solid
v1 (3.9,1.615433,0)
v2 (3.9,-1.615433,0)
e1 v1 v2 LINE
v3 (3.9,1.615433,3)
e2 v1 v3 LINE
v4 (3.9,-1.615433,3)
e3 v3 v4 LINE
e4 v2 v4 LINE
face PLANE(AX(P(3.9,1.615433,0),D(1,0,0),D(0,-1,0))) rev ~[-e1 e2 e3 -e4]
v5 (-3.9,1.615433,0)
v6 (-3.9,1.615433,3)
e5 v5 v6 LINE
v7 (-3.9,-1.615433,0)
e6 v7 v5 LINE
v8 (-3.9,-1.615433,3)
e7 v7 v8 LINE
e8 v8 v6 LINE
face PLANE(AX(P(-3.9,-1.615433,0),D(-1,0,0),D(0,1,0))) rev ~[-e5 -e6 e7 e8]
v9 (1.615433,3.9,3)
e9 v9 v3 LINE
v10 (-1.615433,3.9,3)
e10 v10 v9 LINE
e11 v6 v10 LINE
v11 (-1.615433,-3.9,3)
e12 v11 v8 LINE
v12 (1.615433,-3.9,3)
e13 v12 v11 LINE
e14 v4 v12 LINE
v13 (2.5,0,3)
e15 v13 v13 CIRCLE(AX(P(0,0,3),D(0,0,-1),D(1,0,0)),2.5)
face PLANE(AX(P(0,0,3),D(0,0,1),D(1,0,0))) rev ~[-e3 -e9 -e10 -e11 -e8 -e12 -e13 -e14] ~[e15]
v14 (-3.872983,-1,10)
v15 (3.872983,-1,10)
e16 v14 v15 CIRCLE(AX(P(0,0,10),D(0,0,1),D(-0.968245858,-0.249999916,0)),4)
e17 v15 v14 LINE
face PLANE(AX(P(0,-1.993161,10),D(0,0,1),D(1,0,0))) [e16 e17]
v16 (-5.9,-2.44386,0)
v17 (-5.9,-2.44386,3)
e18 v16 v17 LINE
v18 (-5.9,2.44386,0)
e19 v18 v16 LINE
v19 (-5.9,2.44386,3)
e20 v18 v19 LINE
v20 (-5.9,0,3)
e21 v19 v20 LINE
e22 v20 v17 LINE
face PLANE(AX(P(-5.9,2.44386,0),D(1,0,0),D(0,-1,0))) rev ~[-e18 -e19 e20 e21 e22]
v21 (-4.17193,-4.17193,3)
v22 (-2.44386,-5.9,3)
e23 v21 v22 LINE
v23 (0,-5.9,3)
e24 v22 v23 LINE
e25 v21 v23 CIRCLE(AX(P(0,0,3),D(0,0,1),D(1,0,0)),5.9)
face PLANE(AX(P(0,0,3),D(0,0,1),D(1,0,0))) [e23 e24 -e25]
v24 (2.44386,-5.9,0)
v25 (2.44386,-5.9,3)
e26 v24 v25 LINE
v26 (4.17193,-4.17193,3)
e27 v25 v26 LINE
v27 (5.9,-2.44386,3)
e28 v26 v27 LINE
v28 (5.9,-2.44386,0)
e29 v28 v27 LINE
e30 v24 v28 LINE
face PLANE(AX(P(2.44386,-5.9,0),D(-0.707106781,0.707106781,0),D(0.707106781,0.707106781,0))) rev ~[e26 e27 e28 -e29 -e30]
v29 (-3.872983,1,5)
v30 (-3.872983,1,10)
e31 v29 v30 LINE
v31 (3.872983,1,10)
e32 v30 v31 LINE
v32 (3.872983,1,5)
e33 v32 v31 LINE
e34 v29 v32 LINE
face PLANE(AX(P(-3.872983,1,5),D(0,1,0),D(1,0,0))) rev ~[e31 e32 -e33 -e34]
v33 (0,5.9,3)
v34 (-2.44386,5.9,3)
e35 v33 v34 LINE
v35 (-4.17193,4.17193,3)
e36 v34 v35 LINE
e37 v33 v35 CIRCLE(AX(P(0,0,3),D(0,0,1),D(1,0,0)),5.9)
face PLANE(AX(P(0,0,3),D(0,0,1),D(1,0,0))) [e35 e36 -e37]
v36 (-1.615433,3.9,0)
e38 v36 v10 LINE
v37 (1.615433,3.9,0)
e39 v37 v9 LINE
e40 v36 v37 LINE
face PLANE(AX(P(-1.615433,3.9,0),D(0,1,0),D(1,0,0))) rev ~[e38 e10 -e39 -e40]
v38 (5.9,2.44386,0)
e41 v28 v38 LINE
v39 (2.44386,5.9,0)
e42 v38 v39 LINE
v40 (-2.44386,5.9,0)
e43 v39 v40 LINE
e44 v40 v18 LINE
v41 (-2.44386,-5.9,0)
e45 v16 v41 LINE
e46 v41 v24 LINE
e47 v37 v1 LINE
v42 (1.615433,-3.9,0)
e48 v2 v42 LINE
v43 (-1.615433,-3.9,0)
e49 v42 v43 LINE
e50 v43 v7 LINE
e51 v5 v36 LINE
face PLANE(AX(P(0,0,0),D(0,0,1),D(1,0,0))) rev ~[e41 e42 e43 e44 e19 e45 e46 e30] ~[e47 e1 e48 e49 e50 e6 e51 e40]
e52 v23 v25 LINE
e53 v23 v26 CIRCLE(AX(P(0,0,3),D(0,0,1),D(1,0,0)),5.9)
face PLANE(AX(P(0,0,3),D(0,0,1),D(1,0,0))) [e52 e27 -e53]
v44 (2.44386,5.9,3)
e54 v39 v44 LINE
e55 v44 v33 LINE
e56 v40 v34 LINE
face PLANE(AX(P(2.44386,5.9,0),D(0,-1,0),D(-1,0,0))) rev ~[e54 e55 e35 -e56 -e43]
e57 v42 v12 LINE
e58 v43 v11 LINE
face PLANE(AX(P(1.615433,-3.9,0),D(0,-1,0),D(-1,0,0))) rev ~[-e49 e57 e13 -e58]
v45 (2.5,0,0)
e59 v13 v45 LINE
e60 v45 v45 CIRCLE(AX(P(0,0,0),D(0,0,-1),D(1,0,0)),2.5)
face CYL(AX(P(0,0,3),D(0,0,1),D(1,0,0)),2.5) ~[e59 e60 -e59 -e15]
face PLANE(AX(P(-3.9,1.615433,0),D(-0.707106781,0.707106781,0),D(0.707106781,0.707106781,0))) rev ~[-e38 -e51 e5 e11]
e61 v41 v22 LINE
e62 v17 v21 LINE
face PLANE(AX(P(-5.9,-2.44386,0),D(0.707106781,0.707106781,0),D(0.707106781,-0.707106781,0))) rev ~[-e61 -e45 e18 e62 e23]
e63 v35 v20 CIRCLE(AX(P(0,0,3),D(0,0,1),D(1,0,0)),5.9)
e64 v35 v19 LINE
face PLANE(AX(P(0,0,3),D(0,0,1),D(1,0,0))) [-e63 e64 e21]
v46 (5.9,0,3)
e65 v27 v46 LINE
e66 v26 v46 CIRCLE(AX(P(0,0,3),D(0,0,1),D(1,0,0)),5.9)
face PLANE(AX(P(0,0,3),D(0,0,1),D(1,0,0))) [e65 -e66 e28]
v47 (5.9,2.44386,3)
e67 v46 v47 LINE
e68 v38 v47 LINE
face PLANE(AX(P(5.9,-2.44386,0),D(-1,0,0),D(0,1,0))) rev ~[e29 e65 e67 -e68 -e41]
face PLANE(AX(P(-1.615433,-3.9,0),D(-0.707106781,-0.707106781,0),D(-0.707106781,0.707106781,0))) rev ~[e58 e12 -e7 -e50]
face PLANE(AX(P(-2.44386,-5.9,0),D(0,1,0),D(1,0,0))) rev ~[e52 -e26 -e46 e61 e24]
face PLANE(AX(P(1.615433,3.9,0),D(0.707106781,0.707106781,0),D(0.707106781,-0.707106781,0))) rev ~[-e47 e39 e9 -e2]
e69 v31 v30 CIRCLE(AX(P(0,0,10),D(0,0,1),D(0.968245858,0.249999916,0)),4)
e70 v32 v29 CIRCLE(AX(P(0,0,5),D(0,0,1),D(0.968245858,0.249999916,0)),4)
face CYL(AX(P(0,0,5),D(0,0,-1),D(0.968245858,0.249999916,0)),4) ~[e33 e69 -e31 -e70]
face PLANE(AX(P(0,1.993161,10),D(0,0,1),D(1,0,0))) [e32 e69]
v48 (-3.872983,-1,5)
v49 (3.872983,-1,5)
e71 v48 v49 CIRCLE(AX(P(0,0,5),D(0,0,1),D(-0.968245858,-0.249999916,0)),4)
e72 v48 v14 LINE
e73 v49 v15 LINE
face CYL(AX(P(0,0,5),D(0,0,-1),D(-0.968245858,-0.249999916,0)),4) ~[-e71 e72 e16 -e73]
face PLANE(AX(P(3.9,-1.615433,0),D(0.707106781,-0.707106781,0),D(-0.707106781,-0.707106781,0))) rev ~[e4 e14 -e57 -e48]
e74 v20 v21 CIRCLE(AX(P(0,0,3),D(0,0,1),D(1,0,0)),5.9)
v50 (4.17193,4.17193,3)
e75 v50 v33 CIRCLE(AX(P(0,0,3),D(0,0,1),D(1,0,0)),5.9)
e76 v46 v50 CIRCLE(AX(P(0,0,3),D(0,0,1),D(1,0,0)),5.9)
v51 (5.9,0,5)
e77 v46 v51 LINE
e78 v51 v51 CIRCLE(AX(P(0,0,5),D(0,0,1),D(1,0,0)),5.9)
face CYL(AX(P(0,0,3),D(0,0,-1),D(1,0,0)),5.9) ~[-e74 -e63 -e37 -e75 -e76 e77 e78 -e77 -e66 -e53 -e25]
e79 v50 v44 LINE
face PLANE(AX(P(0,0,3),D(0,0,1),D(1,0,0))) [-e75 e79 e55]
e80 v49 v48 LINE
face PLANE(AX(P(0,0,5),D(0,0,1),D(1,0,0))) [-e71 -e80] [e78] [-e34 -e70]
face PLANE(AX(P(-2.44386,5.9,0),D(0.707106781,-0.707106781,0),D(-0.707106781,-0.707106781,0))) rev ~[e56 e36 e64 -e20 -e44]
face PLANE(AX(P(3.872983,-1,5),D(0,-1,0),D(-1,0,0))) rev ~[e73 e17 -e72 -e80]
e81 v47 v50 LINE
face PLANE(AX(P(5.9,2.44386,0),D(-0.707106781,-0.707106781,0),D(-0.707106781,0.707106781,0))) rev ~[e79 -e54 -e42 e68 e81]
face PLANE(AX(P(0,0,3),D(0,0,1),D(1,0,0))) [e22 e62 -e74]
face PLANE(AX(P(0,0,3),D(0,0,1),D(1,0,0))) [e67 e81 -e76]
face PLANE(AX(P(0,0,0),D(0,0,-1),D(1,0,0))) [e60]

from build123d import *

# Parameters (mm, degrees)
F1_DEPTH = 3
F2_R     = 5.9
F3_DEPTH = 2
F5_DEPTH = 5
F6_R     = 2.5
F7_DEPTH = 3


with BuildPart() as f1:
    # F0 (on Top) → F1 (new body)
    with BuildSketch(Plane.XY):
        Polygon((-2.44386, -5.9), (2.44386, -5.9), (5.9, -2.44386), (5.9, 2.44386), (2.44386, 5.9), (-2.44386, 5.9), (-5.9, 2.44386), (-5.9, -2.44386), align=None)
        Polygon((-1.615433, -3.9), (-3.9, -1.615433), (-3.9, 1.615433), (-1.615433, 3.9), (1.615433, 3.9), (3.9, 1.615433), (3.9, -1.615433), (1.615433, -3.9), align=None, mode=Mode.SUBTRACT)
    extrude(amount=F1_DEPTH)

    # F2 (on face) → F3 (join)
    with BuildSketch(Plane.XY.offset(3)):
        Circle(F2_R)
    extrude(amount=F3_DEPTH)

    # F4 (on face) → F5 (join)
    with BuildSketch(Plane.XY.offset(5)):
        with BuildLine():
            ThreePointArc((3.872983, 1), (0, 4), (-3.872983, 1))
            Line((-3.872983, 1), (3.872983, 1))
        make_face()
        with BuildLine():
            ThreePointArc((-3.872983, -1), (0, -4), (3.872983, -1))
            Line((3.872983, -1), (-3.872983, -1))
        make_face()
    extrude(amount=F5_DEPTH)

    # F6 (on face) → F7 (join, through all)
    with BuildSketch(Plane(origin=(0, 0, 3), x_dir=(1, 0, 0), z_dir=(0, 0, -1))):
        Circle(F6_R)
    extrude(amount=F7_DEPTH)


solid = f1.part
